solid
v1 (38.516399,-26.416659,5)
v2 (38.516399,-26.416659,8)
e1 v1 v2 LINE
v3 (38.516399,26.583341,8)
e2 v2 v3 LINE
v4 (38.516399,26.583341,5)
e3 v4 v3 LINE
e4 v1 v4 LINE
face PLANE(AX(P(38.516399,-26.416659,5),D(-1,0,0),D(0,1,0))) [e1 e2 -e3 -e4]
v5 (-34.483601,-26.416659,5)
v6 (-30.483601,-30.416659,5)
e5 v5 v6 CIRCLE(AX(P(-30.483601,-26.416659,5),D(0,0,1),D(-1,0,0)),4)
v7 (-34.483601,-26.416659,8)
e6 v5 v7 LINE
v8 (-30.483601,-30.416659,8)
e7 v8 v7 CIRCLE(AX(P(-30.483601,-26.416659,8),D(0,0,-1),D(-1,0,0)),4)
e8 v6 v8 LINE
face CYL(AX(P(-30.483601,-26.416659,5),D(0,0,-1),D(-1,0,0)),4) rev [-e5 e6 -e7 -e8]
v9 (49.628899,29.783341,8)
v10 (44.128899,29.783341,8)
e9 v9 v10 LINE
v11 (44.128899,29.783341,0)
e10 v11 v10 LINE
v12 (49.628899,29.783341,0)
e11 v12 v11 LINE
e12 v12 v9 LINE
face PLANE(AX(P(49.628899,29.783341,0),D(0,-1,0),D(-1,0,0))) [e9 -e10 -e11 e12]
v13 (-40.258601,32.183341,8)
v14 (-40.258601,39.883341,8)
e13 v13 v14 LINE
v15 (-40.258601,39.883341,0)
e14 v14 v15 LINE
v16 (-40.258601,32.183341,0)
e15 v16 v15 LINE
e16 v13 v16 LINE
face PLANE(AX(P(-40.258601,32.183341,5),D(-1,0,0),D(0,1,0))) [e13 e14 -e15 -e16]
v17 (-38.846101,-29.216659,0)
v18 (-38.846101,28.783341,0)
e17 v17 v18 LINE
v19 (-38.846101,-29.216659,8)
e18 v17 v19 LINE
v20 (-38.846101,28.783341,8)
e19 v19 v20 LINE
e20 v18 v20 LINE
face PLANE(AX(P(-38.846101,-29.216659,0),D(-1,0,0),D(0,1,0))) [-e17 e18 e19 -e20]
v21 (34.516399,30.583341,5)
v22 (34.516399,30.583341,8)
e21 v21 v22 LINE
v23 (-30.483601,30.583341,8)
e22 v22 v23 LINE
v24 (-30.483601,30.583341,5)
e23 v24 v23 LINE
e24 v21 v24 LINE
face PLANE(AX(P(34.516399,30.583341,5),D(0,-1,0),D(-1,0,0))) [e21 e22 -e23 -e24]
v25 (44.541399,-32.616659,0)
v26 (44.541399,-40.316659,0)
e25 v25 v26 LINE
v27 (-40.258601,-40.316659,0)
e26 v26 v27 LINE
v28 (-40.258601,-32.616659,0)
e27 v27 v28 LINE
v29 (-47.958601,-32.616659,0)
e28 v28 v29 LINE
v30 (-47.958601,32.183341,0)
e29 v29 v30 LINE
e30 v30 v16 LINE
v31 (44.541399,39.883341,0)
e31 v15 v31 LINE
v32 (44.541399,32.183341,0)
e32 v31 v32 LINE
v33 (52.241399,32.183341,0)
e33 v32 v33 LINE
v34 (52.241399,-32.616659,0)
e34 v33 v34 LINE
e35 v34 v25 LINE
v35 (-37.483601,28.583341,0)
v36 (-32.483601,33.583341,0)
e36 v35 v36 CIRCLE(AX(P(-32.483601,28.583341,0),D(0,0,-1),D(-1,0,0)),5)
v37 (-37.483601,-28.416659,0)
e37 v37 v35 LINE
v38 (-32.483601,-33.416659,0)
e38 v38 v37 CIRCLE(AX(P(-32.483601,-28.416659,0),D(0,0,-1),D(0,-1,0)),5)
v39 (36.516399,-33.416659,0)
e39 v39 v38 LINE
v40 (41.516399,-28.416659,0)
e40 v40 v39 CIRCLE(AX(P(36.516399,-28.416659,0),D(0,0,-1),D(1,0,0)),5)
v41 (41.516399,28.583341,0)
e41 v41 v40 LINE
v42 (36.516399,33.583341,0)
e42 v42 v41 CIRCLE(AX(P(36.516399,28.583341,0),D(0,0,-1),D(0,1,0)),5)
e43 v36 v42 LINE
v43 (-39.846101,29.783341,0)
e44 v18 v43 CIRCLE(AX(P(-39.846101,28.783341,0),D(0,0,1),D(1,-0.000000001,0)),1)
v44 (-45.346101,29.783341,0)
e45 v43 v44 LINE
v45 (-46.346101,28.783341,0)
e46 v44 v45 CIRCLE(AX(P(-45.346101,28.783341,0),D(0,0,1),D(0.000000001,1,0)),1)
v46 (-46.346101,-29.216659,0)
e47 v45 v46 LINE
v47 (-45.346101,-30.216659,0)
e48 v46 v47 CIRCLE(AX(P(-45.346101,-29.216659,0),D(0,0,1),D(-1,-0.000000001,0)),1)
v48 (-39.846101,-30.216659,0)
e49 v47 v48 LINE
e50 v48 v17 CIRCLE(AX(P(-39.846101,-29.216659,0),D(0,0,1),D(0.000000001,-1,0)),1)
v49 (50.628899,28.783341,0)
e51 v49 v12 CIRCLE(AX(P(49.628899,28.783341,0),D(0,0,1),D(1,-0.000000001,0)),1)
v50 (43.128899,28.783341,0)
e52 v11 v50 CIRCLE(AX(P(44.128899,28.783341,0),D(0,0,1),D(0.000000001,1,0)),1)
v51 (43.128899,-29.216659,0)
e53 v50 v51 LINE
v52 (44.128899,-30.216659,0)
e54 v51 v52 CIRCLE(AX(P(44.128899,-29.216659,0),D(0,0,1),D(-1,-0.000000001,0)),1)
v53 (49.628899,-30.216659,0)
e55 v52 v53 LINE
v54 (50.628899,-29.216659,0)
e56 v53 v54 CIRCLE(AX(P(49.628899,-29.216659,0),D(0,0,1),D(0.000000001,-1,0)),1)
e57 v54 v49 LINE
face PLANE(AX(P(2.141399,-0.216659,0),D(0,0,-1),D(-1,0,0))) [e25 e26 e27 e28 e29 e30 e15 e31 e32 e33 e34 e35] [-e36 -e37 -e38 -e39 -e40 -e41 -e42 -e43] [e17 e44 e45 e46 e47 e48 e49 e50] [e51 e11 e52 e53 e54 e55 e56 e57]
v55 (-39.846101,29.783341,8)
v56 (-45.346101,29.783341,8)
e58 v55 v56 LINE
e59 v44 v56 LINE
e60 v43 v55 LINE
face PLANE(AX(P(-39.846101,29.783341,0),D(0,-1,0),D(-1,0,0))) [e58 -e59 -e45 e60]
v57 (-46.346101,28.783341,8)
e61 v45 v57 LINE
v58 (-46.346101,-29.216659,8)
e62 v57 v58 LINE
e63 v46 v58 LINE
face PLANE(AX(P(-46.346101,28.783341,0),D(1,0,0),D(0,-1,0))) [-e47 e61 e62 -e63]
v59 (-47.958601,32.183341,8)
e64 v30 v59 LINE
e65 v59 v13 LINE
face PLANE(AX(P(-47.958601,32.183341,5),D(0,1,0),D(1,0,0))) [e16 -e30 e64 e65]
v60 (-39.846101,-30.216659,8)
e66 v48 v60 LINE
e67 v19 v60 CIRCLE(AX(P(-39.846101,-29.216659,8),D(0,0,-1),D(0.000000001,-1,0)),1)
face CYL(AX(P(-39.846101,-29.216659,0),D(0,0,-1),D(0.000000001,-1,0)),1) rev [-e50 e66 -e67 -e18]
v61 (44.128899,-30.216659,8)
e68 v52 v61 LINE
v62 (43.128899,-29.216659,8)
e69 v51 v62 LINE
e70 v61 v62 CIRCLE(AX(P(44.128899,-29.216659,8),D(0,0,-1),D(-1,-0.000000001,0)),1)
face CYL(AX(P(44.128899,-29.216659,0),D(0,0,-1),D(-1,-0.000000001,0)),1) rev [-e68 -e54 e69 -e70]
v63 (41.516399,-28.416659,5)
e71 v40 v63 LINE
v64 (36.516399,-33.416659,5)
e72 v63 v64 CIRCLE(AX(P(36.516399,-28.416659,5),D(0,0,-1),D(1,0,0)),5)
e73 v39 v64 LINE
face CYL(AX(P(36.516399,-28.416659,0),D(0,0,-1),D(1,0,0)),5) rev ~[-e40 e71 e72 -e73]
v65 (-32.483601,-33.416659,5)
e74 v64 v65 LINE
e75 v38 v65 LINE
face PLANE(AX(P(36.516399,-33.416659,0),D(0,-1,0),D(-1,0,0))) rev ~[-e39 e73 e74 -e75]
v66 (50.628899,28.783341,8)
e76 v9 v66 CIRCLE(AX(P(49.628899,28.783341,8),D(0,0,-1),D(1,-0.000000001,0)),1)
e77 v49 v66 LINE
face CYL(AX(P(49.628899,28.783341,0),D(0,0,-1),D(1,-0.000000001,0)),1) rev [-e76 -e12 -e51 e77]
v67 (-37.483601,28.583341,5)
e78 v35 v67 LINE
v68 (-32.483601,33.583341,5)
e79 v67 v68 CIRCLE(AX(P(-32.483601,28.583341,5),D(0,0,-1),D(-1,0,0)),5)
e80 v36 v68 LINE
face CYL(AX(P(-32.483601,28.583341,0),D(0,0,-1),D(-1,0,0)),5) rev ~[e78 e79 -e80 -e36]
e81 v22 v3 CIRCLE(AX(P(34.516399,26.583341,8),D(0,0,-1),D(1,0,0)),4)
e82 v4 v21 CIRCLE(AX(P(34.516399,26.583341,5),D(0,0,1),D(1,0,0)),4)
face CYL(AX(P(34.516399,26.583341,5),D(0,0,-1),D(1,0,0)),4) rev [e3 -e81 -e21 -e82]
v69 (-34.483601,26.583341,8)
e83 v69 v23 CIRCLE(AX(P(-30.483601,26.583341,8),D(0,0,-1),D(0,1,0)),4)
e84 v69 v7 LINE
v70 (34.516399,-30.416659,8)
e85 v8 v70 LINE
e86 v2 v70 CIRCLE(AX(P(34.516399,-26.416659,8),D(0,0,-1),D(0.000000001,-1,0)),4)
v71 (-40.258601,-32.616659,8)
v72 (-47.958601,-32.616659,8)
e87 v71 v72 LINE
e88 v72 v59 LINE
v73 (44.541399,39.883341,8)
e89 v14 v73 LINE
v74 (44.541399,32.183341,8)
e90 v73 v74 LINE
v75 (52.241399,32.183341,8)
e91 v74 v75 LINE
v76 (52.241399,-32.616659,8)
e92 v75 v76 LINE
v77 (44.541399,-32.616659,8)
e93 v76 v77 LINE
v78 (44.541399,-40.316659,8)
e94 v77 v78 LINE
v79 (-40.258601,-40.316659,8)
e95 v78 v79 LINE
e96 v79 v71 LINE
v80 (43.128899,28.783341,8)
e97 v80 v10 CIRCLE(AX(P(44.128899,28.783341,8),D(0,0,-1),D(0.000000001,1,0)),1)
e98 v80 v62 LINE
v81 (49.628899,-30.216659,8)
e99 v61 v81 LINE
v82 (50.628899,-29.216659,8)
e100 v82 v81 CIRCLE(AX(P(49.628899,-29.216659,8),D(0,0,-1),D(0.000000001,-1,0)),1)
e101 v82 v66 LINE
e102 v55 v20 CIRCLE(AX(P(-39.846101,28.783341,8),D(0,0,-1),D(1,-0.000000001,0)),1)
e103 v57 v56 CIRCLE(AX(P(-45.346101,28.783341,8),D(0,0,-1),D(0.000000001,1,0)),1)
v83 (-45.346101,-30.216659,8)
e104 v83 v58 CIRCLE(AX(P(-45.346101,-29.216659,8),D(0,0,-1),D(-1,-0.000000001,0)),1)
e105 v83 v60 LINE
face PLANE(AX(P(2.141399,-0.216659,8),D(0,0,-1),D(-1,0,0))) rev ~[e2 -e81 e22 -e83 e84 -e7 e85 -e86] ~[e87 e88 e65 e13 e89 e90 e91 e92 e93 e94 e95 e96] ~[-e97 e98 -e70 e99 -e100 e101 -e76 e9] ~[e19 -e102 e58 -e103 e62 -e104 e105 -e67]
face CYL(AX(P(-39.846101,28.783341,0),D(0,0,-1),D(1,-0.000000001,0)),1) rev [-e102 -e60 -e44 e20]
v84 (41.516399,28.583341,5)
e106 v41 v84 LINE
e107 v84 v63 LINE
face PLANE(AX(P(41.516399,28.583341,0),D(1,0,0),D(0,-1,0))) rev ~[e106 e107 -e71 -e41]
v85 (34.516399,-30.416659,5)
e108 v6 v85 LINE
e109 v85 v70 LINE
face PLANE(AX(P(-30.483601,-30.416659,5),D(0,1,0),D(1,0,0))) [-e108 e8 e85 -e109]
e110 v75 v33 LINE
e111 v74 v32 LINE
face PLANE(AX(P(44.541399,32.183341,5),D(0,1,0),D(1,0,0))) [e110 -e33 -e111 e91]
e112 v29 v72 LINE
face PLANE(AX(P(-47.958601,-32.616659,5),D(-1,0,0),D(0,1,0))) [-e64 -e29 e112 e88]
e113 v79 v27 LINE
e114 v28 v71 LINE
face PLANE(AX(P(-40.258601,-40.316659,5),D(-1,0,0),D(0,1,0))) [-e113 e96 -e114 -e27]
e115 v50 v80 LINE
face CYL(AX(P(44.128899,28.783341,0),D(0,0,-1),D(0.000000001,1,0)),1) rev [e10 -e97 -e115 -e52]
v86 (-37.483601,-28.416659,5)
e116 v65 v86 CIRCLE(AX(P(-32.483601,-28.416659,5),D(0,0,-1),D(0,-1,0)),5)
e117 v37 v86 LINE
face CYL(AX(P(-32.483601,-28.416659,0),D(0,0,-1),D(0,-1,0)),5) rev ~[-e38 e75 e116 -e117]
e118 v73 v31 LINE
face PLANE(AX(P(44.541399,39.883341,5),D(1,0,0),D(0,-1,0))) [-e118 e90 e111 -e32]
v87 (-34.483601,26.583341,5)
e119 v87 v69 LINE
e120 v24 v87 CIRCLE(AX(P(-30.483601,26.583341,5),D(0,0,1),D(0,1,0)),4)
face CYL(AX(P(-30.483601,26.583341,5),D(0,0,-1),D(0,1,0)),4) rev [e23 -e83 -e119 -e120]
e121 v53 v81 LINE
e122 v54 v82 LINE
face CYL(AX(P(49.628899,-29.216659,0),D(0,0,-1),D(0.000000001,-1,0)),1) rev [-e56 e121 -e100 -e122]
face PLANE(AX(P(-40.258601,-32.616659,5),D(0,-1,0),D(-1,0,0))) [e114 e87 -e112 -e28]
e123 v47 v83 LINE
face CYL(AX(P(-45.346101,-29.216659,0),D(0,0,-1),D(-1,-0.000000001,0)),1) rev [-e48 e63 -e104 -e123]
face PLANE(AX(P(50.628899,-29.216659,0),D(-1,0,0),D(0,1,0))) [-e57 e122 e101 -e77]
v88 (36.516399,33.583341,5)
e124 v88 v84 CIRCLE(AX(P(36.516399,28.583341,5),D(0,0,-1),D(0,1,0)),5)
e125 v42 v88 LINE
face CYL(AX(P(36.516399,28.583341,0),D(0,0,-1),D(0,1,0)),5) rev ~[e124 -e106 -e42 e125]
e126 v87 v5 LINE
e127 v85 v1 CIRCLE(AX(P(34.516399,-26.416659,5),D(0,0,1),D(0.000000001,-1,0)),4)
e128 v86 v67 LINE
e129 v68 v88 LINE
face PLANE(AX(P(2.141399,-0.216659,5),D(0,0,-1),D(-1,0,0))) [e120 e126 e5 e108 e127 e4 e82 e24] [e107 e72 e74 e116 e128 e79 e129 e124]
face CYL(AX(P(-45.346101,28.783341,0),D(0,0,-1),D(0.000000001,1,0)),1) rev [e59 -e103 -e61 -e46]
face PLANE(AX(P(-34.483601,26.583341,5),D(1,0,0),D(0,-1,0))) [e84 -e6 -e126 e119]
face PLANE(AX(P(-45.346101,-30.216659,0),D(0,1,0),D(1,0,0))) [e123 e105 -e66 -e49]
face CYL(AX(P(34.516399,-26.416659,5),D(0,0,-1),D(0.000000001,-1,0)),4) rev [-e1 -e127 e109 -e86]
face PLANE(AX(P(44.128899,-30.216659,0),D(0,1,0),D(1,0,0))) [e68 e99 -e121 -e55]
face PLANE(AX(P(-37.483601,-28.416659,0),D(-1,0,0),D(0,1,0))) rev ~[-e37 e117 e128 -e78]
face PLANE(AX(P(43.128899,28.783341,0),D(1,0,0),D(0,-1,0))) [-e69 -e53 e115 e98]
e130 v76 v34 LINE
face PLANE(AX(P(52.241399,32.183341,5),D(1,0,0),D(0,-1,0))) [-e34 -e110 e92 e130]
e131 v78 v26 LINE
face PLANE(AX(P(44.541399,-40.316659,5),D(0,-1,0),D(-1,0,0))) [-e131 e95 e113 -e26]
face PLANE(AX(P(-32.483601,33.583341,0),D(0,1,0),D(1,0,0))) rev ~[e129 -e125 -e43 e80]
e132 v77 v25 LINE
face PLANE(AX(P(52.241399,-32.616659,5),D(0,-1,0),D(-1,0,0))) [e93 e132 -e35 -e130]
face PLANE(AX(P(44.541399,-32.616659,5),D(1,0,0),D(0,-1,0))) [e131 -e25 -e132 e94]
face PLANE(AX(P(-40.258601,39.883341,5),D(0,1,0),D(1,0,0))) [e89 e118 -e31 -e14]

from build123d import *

# Parameters (mm, degrees)
BOSS_EXTRU_1_DEPTH      = 5
BOSS_EXTRU_2_DEPTH      = 3
ENL_V_MAT_EXTRU_9_DEPTH = 10
ENL_V_MAT_EXTRU_4_DEPTH = 9


with BuildPart() as part:
    # Esquisse1 → Boss.-Extru.1 (new body)
    with BuildSketch(Plane.XY):
        Polygon((-40.258600608, 39.883341456), (44.541399392, 39.883341456), (44.541399392, 32.183341456), (52.241399392, 32.183341456), (52.241399392, -32.616658544), (44.541399392, -32.616658544), (44.541399392, -40.316658544), (-40.258600608, -40.316658544), (-40.258600608, -32.616658544), (-47.958600608, -32.616658544), (-47.958600608, 32.183341456), (-40.258600608, 32.183341456), align=None)
        with BuildLine():
            Line((-32.483600608, 33.583341456), (36.516399392, 33.583341456))
            ThreePointArc((36.516399392, 33.583341456), (40.051933298, 32.118875362), (41.516399392, 28.583341456))
            Line((41.516399392, 28.583341456), (41.516399392, -28.416658544))
            ThreePointArc((41.516399392, -28.416658544), (40.051933298, -31.952192449), (36.516399392, -33.416658544))
            Line((36.516399392, -33.416658544), (-32.483600608, -33.416658544))
            ThreePointArc((-32.483600608, -33.416658544), (-36.019134514, -31.952192449), (-37.483600608, -28.416658544))
            Line((-37.483600608, -28.416658544), (-37.483600608, 28.583341456))
            ThreePointArc((-37.483600608, 28.583341456), (-36.019134514, 32.118875362), (-32.483600608, 33.583341456))
        make_face(mode=Mode.SUBTRACT)
    extrude(amount=BOSS_EXTRU_1_DEPTH)

    # Esquisse2 → Boss.-Extru.2 (add)
    with BuildSketch(Plane.XY.offset(5)):
        Polygon((-47.958600608, 32.183341456), (-40.258600608, 32.183341456), (-40.258600608, 39.883341456), (44.541399392, 39.883341456), (44.541399392, 32.183341456), (52.241399392, 32.183341456), (52.241399392, -32.616658544), (44.541399392, -32.616658544), (44.541399392, -40.316658544), (-40.258600608, -40.316658544), (-40.258600608, -32.616658544), (-47.958600608, -32.616658544), align=None)
    extrude(amount=BOSS_EXTRU_2_DEPTH)

    # Esquisse8 → Enlèv. mat.-Extru.9 (cut)
    with BuildSketch(Plane(origin=(0, 0, 5), x_dir=(-1, 0, 0), z_dir=(0, 0, -1))):
        with BuildLine():
            Line((-34.516399392, 30.583341456), (30.483600608, 30.583341456))
            ThreePointArc((30.483600608, 30.583341456), (33.312027733, 29.411768581), (34.483600608, 26.583341456))
            Line((34.483600608, 26.583341456), (34.483600608, -26.416658544))
            ThreePointArc((34.483600608, -26.416658544), (33.312027733, -29.245085668), (30.483600608, -30.416658544))
            Line((30.483600608, -30.416658544), (-34.516399392, -30.416658544))
            ThreePointArc((-34.516399392, -30.416658544), (-37.344826516, -29.245085668), (-38.516399392, -26.416658544))
            Line((-38.516399392, -26.416658544), (-38.516399392, 26.583341456))
            ThreePointArc((-38.516399392, 26.583341456), (-37.344826516, 29.411768581), (-34.516399392, 30.583341456))
        make_face()
    extrude(amount=-ENL_V_MAT_EXTRU_9_DEPTH, mode=Mode.SUBTRACT)

    # Esquisse6 → Enlèv. mat.-Extru.4 (cut, through all)
    with BuildSketch(Plane(origin=(0, 0, 0), x_dir=(-1, 0, 0), z_dir=(0, 0, -1))):
        with BuildLine():
            Line((-49.628899392, 29.783341456), (-44.128899392, 29.783341456))
            ThreePointArc((-44.128899392, 29.783341456), (-43.421792611, 29.490448238), (-43.128899392, 28.783341456))
            Line((-43.128899392, 28.783341456), (-43.128899392, -29.216658544))
            ThreePointArc((-43.128899392, -29.216658544), (-43.421792611, -29.923765325), (-44.128899392, -30.216658544))
            Line((-44.128899392, -30.216658544), (-49.628899392, -30.216658544))
            ThreePointArc((-49.628899392, -30.216658544), (-50.336006173, -29.923765325), (-50.628899392, -29.216658544))
            Line((-50.628899392, -29.216658544), (-50.628899392, 28.783341456))
            ThreePointArc((-50.628899392, 28.783341456), (-50.336006173, 29.490448238), (-49.628899392, 29.783341456))
        make_face()
        with BuildLine():
            Line((45.346100608, -30.216658544), (39.846100608, -30.216658544))
            ThreePointArc((39.846100608, -30.216658544), (39.138993827, -29.923765325), (38.846100608, -29.216658544))
            Line((38.846100608, -29.216658544), (38.846100608, 28.783341456))
            ThreePointArc((38.846100608, 28.783341456), (39.138993827, 29.490448238), (39.846100608, 29.783341456))
            Line((39.846100608, 29.783341456), (45.346100608, 29.783341456))
            ThreePointArc((45.346100608, 29.783341456), (46.053207389, 29.490448238), (46.346100608, 28.783341456))
            Line((46.346100608, 28.783341456), (46.346100608, -29.216658544))
            ThreePointArc((46.346100608, -29.216658544), (46.053207389, -29.923765325), (45.346100608, -30.216658544))
        make_face()
    extrude(amount=-ENL_V_MAT_EXTRU_4_DEPTH, mode=Mode.SUBTRACT)


solid = part.part
